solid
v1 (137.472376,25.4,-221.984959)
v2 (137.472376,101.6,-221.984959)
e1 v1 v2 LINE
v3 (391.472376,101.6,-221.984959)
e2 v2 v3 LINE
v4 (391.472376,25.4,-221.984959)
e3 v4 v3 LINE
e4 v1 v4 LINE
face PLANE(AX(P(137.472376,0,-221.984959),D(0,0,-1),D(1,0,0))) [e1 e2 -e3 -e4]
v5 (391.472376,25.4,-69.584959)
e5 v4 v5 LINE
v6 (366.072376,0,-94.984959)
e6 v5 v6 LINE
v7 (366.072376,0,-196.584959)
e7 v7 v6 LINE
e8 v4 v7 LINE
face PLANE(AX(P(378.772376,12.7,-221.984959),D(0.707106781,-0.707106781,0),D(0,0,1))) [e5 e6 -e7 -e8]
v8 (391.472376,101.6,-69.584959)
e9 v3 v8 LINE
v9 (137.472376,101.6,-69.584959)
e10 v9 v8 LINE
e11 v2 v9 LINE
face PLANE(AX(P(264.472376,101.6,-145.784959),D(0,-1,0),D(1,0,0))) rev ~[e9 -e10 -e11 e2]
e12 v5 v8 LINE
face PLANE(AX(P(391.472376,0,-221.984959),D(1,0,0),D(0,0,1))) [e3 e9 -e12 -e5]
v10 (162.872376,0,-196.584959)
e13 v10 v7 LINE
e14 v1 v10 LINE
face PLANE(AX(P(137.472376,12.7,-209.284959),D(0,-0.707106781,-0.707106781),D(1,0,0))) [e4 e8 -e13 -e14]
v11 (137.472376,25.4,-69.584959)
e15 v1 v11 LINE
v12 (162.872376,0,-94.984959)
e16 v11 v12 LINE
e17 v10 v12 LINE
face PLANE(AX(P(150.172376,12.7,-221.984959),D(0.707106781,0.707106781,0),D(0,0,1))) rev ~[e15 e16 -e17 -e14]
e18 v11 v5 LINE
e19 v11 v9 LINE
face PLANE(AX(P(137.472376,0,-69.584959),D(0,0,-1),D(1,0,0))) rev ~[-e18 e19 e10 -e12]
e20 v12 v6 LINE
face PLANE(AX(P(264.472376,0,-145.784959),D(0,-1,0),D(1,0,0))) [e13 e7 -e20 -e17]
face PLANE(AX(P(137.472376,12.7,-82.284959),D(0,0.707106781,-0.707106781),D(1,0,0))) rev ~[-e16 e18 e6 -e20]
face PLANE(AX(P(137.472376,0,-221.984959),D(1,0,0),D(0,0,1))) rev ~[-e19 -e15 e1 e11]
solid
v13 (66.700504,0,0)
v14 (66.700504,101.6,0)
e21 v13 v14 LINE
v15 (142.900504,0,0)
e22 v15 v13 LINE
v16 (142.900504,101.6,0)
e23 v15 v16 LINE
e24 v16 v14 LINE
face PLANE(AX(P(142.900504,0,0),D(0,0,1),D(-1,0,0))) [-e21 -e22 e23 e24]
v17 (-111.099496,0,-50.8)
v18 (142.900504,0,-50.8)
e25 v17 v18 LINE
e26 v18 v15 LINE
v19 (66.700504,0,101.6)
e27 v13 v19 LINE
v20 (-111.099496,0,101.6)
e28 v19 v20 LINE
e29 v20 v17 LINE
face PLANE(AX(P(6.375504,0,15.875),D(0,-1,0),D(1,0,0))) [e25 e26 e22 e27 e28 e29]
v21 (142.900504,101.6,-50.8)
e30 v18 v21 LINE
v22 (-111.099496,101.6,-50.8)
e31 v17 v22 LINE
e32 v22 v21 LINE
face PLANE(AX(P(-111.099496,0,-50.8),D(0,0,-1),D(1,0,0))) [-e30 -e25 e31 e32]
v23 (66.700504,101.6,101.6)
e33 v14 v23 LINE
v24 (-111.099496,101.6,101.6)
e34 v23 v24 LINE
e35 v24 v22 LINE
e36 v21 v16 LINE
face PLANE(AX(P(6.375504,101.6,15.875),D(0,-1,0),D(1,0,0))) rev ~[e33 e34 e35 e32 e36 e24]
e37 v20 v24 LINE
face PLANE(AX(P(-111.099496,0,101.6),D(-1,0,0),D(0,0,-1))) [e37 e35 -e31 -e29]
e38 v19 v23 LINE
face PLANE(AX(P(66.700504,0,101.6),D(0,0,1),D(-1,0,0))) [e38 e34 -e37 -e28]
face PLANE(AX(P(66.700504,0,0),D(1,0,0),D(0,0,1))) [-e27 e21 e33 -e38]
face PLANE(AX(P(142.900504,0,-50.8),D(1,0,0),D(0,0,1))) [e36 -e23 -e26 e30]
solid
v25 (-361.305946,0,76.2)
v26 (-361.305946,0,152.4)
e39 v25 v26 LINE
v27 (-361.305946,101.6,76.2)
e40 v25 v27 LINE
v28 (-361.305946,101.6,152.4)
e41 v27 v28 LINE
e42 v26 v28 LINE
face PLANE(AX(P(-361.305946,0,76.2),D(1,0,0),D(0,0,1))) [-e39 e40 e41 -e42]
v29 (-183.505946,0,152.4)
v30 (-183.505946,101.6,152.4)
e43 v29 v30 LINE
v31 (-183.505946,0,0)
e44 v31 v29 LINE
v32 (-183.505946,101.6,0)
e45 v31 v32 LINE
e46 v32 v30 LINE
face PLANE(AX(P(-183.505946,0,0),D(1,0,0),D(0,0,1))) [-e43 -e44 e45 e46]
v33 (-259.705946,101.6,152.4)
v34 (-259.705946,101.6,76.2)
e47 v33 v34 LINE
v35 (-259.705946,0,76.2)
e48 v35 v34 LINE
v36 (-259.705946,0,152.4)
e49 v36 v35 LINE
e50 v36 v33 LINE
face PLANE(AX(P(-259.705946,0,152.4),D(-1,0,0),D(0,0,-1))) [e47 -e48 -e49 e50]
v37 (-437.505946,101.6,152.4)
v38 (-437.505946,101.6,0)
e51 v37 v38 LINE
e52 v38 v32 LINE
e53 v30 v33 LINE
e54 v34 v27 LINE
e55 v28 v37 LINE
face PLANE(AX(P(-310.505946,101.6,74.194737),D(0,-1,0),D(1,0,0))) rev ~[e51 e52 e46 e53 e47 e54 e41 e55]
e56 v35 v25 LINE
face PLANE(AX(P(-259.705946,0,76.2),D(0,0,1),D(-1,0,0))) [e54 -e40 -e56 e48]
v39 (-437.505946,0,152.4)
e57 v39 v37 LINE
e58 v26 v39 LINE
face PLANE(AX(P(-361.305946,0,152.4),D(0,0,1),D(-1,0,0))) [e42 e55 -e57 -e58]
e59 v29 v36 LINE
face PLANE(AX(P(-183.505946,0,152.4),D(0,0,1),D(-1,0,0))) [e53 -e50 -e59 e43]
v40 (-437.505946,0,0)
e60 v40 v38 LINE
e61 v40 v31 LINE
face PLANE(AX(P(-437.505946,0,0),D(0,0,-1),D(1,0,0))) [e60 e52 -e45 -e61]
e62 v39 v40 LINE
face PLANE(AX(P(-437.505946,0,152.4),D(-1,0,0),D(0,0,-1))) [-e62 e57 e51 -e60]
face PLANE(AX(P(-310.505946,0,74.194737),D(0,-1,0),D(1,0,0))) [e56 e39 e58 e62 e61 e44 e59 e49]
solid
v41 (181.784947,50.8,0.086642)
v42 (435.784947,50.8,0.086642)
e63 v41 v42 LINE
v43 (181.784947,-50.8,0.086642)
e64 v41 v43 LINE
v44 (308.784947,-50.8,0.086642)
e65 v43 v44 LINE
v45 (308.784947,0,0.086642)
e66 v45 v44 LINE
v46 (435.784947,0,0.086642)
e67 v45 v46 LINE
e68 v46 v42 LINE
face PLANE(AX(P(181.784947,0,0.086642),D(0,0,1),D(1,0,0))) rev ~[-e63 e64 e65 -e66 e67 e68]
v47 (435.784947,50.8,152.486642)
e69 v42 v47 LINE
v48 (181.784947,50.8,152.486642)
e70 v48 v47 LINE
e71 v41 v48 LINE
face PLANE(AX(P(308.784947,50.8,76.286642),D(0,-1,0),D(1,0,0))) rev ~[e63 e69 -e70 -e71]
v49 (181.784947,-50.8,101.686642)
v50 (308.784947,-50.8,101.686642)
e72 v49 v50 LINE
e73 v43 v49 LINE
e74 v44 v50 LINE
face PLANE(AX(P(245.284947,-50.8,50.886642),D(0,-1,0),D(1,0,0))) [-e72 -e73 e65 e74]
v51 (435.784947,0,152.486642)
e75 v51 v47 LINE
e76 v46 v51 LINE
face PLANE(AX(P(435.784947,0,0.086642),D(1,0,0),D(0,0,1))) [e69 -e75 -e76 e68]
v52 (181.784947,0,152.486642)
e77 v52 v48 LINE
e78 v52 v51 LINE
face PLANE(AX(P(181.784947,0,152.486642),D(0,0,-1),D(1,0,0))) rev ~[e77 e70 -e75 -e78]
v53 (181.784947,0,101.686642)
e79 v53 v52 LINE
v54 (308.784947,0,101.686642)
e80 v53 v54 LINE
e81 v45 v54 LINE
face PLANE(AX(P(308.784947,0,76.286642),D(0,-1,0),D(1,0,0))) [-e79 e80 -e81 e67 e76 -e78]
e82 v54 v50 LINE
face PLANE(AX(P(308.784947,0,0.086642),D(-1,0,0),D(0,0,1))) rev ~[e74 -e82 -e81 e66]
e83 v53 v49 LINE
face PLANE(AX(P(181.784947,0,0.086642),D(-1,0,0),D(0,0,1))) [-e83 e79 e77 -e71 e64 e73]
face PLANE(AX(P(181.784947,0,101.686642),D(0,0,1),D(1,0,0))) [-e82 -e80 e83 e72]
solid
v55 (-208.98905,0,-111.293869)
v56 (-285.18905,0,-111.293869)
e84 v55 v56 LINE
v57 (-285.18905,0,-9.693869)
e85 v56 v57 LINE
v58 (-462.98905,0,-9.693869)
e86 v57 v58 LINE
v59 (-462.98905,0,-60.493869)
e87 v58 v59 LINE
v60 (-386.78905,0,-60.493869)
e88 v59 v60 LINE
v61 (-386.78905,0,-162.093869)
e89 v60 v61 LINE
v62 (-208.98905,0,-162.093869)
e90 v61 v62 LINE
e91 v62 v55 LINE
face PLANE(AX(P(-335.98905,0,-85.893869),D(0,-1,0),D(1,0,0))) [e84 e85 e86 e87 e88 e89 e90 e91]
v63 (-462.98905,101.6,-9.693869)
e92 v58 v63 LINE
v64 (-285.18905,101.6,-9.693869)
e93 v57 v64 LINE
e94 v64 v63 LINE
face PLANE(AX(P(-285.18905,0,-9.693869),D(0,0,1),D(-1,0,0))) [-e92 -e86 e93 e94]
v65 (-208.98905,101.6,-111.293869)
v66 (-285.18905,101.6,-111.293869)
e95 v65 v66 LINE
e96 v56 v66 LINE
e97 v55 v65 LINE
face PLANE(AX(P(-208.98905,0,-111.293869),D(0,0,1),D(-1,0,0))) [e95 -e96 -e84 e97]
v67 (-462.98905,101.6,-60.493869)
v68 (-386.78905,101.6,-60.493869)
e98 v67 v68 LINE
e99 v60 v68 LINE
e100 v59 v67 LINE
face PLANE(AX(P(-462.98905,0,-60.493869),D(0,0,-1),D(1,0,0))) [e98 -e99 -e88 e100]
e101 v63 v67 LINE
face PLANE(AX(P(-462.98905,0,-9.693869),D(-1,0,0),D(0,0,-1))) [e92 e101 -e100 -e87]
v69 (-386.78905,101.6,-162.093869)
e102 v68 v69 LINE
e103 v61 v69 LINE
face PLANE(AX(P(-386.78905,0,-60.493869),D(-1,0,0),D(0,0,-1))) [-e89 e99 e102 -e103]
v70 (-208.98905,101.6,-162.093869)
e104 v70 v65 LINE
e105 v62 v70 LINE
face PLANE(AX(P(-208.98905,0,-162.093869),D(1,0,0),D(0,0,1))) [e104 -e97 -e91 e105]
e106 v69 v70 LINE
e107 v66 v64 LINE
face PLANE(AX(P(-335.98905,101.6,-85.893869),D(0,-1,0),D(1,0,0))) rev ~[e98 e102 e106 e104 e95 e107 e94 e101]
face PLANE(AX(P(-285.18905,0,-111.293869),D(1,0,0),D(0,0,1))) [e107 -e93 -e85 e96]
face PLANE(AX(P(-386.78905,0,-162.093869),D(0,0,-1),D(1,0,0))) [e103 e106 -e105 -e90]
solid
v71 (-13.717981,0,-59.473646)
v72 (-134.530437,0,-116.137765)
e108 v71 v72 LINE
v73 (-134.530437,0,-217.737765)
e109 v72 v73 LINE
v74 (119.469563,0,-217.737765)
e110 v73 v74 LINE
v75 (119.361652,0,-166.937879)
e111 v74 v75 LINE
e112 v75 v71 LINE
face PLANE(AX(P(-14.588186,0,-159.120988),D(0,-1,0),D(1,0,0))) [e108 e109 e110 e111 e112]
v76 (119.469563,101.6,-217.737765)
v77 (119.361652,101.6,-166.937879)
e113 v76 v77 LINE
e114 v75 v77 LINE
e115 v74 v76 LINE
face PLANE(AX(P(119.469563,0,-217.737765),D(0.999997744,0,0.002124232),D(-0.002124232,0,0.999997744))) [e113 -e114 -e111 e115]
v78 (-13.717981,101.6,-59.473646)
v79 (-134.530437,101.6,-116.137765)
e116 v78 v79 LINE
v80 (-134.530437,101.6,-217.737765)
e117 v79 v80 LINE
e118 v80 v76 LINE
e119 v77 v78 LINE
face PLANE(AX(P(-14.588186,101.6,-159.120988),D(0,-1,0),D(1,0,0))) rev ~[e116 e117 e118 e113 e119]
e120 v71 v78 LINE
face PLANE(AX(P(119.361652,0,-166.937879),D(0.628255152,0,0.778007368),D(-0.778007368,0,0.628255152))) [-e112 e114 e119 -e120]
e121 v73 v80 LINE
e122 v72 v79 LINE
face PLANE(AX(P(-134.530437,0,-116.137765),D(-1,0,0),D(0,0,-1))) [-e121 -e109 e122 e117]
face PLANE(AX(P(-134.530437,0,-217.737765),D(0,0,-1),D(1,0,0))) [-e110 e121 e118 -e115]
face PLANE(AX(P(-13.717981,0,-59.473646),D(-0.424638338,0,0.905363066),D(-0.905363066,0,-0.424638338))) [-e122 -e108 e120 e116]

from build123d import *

# Parameters (mm, degrees)
F2_DEPTH  = 101.6
F1_W      = 254
F1_H      = 152.4
F3_DEPTH  = 50.8
F4_W      = 127
F4_H      = 101.6
F5_DEPTH  = 50.8
F7_DEPTH  = 101.6
F9_DEPTH  = 101.6
F11_DEPTH = 101.6
F12_W     = 254
F12_H     = 152.4
F13_DEPTH = 101.6
F14_SIZE  = 25.4


with BuildPart() as f2:
    # F0 (on Front) → F2 (new body)
    with BuildSketch(Plane.XZ):
        Polygon((-437.505946, 0), (-183.505946, 0), (-183.505946, 152.4), (-259.705946, 152.4), (-259.705946, 76.2), (-361.305946, 76.2), (-361.305946, 152.4), (-437.505946, 152.4), align=None)
    extrude(amount=-F2_DEPTH)


with BuildPart() as f3:
    # F1 (on Front) → F3 (new body)
    with BuildSketch(Plane.XZ):
        with Locations((308.784947, 76.286642)):
            Rectangle(F1_W, F1_H)
    extrude(amount=-F3_DEPTH)

    # F4 (on face) → F5 (join)
    with BuildSketch(Plane.XZ):
        with Locations((245.284947, 50.886642)):
            Rectangle(F4_W, F4_H)
    extrude(amount=F5_DEPTH)


with BuildPart() as f7:
    # F6 (on Front) → F7 (new body)
    with BuildSketch(Plane.XZ):
        Polygon((66.700504, 101.6), (-111.099496, 101.6), (-111.099496, -50.8), (142.900504, -50.8), (142.900504, 0), (66.700504, 0), align=None)
    extrude(amount=-F7_DEPTH)


with BuildPart() as f9:
    # F8 (on face) → F9 (new body)
    with BuildSketch(Plane.XZ):
        Polygon((-462.98905, -9.693869), (-462.98905, -60.493869), (-386.78905, -60.493869), (-386.78905, -162.093869), (-208.98905, -162.093869), (-208.98905, -111.293869), (-285.18905, -111.293869), (-285.18905, -9.693869), align=None)
    extrude(amount=-F9_DEPTH)


with BuildPart() as f11:
    # F10 (on Front) → F11 (new body)
    with BuildSketch(Plane.XZ):
        Polygon((-134.530437, -116.137765), (-134.530437, -217.737765), (119.469563, -217.737765), (119.361652, -166.937879), (-13.717981, -59.473646), align=None)
    extrude(amount=-F11_DEPTH)


with BuildPart() as f13:
    # F12 (on Front) → F13 (new body)
    with BuildSketch(Plane.XZ):
        with Locations((264.472376, -145.784959)):
            Rectangle(F12_W, F12_H)
    extrude(amount=-F13_DEPTH)

    # F14
    f14_edges = [f13.edges().sort_by_distance(p)[0] for p in [
        (264.472376, 0, -69.584959),
        (137.472376, 0, -145.784959),
        (264.472376, 0, -221.984959),
        (391.472376, 0, -145.784959),
    ]]
    chamfer(f14_edges, length=F14_SIZE)


solid = Compound([f2.part, f3.part, f7.part, f9.part, f11.part, f13.part])
